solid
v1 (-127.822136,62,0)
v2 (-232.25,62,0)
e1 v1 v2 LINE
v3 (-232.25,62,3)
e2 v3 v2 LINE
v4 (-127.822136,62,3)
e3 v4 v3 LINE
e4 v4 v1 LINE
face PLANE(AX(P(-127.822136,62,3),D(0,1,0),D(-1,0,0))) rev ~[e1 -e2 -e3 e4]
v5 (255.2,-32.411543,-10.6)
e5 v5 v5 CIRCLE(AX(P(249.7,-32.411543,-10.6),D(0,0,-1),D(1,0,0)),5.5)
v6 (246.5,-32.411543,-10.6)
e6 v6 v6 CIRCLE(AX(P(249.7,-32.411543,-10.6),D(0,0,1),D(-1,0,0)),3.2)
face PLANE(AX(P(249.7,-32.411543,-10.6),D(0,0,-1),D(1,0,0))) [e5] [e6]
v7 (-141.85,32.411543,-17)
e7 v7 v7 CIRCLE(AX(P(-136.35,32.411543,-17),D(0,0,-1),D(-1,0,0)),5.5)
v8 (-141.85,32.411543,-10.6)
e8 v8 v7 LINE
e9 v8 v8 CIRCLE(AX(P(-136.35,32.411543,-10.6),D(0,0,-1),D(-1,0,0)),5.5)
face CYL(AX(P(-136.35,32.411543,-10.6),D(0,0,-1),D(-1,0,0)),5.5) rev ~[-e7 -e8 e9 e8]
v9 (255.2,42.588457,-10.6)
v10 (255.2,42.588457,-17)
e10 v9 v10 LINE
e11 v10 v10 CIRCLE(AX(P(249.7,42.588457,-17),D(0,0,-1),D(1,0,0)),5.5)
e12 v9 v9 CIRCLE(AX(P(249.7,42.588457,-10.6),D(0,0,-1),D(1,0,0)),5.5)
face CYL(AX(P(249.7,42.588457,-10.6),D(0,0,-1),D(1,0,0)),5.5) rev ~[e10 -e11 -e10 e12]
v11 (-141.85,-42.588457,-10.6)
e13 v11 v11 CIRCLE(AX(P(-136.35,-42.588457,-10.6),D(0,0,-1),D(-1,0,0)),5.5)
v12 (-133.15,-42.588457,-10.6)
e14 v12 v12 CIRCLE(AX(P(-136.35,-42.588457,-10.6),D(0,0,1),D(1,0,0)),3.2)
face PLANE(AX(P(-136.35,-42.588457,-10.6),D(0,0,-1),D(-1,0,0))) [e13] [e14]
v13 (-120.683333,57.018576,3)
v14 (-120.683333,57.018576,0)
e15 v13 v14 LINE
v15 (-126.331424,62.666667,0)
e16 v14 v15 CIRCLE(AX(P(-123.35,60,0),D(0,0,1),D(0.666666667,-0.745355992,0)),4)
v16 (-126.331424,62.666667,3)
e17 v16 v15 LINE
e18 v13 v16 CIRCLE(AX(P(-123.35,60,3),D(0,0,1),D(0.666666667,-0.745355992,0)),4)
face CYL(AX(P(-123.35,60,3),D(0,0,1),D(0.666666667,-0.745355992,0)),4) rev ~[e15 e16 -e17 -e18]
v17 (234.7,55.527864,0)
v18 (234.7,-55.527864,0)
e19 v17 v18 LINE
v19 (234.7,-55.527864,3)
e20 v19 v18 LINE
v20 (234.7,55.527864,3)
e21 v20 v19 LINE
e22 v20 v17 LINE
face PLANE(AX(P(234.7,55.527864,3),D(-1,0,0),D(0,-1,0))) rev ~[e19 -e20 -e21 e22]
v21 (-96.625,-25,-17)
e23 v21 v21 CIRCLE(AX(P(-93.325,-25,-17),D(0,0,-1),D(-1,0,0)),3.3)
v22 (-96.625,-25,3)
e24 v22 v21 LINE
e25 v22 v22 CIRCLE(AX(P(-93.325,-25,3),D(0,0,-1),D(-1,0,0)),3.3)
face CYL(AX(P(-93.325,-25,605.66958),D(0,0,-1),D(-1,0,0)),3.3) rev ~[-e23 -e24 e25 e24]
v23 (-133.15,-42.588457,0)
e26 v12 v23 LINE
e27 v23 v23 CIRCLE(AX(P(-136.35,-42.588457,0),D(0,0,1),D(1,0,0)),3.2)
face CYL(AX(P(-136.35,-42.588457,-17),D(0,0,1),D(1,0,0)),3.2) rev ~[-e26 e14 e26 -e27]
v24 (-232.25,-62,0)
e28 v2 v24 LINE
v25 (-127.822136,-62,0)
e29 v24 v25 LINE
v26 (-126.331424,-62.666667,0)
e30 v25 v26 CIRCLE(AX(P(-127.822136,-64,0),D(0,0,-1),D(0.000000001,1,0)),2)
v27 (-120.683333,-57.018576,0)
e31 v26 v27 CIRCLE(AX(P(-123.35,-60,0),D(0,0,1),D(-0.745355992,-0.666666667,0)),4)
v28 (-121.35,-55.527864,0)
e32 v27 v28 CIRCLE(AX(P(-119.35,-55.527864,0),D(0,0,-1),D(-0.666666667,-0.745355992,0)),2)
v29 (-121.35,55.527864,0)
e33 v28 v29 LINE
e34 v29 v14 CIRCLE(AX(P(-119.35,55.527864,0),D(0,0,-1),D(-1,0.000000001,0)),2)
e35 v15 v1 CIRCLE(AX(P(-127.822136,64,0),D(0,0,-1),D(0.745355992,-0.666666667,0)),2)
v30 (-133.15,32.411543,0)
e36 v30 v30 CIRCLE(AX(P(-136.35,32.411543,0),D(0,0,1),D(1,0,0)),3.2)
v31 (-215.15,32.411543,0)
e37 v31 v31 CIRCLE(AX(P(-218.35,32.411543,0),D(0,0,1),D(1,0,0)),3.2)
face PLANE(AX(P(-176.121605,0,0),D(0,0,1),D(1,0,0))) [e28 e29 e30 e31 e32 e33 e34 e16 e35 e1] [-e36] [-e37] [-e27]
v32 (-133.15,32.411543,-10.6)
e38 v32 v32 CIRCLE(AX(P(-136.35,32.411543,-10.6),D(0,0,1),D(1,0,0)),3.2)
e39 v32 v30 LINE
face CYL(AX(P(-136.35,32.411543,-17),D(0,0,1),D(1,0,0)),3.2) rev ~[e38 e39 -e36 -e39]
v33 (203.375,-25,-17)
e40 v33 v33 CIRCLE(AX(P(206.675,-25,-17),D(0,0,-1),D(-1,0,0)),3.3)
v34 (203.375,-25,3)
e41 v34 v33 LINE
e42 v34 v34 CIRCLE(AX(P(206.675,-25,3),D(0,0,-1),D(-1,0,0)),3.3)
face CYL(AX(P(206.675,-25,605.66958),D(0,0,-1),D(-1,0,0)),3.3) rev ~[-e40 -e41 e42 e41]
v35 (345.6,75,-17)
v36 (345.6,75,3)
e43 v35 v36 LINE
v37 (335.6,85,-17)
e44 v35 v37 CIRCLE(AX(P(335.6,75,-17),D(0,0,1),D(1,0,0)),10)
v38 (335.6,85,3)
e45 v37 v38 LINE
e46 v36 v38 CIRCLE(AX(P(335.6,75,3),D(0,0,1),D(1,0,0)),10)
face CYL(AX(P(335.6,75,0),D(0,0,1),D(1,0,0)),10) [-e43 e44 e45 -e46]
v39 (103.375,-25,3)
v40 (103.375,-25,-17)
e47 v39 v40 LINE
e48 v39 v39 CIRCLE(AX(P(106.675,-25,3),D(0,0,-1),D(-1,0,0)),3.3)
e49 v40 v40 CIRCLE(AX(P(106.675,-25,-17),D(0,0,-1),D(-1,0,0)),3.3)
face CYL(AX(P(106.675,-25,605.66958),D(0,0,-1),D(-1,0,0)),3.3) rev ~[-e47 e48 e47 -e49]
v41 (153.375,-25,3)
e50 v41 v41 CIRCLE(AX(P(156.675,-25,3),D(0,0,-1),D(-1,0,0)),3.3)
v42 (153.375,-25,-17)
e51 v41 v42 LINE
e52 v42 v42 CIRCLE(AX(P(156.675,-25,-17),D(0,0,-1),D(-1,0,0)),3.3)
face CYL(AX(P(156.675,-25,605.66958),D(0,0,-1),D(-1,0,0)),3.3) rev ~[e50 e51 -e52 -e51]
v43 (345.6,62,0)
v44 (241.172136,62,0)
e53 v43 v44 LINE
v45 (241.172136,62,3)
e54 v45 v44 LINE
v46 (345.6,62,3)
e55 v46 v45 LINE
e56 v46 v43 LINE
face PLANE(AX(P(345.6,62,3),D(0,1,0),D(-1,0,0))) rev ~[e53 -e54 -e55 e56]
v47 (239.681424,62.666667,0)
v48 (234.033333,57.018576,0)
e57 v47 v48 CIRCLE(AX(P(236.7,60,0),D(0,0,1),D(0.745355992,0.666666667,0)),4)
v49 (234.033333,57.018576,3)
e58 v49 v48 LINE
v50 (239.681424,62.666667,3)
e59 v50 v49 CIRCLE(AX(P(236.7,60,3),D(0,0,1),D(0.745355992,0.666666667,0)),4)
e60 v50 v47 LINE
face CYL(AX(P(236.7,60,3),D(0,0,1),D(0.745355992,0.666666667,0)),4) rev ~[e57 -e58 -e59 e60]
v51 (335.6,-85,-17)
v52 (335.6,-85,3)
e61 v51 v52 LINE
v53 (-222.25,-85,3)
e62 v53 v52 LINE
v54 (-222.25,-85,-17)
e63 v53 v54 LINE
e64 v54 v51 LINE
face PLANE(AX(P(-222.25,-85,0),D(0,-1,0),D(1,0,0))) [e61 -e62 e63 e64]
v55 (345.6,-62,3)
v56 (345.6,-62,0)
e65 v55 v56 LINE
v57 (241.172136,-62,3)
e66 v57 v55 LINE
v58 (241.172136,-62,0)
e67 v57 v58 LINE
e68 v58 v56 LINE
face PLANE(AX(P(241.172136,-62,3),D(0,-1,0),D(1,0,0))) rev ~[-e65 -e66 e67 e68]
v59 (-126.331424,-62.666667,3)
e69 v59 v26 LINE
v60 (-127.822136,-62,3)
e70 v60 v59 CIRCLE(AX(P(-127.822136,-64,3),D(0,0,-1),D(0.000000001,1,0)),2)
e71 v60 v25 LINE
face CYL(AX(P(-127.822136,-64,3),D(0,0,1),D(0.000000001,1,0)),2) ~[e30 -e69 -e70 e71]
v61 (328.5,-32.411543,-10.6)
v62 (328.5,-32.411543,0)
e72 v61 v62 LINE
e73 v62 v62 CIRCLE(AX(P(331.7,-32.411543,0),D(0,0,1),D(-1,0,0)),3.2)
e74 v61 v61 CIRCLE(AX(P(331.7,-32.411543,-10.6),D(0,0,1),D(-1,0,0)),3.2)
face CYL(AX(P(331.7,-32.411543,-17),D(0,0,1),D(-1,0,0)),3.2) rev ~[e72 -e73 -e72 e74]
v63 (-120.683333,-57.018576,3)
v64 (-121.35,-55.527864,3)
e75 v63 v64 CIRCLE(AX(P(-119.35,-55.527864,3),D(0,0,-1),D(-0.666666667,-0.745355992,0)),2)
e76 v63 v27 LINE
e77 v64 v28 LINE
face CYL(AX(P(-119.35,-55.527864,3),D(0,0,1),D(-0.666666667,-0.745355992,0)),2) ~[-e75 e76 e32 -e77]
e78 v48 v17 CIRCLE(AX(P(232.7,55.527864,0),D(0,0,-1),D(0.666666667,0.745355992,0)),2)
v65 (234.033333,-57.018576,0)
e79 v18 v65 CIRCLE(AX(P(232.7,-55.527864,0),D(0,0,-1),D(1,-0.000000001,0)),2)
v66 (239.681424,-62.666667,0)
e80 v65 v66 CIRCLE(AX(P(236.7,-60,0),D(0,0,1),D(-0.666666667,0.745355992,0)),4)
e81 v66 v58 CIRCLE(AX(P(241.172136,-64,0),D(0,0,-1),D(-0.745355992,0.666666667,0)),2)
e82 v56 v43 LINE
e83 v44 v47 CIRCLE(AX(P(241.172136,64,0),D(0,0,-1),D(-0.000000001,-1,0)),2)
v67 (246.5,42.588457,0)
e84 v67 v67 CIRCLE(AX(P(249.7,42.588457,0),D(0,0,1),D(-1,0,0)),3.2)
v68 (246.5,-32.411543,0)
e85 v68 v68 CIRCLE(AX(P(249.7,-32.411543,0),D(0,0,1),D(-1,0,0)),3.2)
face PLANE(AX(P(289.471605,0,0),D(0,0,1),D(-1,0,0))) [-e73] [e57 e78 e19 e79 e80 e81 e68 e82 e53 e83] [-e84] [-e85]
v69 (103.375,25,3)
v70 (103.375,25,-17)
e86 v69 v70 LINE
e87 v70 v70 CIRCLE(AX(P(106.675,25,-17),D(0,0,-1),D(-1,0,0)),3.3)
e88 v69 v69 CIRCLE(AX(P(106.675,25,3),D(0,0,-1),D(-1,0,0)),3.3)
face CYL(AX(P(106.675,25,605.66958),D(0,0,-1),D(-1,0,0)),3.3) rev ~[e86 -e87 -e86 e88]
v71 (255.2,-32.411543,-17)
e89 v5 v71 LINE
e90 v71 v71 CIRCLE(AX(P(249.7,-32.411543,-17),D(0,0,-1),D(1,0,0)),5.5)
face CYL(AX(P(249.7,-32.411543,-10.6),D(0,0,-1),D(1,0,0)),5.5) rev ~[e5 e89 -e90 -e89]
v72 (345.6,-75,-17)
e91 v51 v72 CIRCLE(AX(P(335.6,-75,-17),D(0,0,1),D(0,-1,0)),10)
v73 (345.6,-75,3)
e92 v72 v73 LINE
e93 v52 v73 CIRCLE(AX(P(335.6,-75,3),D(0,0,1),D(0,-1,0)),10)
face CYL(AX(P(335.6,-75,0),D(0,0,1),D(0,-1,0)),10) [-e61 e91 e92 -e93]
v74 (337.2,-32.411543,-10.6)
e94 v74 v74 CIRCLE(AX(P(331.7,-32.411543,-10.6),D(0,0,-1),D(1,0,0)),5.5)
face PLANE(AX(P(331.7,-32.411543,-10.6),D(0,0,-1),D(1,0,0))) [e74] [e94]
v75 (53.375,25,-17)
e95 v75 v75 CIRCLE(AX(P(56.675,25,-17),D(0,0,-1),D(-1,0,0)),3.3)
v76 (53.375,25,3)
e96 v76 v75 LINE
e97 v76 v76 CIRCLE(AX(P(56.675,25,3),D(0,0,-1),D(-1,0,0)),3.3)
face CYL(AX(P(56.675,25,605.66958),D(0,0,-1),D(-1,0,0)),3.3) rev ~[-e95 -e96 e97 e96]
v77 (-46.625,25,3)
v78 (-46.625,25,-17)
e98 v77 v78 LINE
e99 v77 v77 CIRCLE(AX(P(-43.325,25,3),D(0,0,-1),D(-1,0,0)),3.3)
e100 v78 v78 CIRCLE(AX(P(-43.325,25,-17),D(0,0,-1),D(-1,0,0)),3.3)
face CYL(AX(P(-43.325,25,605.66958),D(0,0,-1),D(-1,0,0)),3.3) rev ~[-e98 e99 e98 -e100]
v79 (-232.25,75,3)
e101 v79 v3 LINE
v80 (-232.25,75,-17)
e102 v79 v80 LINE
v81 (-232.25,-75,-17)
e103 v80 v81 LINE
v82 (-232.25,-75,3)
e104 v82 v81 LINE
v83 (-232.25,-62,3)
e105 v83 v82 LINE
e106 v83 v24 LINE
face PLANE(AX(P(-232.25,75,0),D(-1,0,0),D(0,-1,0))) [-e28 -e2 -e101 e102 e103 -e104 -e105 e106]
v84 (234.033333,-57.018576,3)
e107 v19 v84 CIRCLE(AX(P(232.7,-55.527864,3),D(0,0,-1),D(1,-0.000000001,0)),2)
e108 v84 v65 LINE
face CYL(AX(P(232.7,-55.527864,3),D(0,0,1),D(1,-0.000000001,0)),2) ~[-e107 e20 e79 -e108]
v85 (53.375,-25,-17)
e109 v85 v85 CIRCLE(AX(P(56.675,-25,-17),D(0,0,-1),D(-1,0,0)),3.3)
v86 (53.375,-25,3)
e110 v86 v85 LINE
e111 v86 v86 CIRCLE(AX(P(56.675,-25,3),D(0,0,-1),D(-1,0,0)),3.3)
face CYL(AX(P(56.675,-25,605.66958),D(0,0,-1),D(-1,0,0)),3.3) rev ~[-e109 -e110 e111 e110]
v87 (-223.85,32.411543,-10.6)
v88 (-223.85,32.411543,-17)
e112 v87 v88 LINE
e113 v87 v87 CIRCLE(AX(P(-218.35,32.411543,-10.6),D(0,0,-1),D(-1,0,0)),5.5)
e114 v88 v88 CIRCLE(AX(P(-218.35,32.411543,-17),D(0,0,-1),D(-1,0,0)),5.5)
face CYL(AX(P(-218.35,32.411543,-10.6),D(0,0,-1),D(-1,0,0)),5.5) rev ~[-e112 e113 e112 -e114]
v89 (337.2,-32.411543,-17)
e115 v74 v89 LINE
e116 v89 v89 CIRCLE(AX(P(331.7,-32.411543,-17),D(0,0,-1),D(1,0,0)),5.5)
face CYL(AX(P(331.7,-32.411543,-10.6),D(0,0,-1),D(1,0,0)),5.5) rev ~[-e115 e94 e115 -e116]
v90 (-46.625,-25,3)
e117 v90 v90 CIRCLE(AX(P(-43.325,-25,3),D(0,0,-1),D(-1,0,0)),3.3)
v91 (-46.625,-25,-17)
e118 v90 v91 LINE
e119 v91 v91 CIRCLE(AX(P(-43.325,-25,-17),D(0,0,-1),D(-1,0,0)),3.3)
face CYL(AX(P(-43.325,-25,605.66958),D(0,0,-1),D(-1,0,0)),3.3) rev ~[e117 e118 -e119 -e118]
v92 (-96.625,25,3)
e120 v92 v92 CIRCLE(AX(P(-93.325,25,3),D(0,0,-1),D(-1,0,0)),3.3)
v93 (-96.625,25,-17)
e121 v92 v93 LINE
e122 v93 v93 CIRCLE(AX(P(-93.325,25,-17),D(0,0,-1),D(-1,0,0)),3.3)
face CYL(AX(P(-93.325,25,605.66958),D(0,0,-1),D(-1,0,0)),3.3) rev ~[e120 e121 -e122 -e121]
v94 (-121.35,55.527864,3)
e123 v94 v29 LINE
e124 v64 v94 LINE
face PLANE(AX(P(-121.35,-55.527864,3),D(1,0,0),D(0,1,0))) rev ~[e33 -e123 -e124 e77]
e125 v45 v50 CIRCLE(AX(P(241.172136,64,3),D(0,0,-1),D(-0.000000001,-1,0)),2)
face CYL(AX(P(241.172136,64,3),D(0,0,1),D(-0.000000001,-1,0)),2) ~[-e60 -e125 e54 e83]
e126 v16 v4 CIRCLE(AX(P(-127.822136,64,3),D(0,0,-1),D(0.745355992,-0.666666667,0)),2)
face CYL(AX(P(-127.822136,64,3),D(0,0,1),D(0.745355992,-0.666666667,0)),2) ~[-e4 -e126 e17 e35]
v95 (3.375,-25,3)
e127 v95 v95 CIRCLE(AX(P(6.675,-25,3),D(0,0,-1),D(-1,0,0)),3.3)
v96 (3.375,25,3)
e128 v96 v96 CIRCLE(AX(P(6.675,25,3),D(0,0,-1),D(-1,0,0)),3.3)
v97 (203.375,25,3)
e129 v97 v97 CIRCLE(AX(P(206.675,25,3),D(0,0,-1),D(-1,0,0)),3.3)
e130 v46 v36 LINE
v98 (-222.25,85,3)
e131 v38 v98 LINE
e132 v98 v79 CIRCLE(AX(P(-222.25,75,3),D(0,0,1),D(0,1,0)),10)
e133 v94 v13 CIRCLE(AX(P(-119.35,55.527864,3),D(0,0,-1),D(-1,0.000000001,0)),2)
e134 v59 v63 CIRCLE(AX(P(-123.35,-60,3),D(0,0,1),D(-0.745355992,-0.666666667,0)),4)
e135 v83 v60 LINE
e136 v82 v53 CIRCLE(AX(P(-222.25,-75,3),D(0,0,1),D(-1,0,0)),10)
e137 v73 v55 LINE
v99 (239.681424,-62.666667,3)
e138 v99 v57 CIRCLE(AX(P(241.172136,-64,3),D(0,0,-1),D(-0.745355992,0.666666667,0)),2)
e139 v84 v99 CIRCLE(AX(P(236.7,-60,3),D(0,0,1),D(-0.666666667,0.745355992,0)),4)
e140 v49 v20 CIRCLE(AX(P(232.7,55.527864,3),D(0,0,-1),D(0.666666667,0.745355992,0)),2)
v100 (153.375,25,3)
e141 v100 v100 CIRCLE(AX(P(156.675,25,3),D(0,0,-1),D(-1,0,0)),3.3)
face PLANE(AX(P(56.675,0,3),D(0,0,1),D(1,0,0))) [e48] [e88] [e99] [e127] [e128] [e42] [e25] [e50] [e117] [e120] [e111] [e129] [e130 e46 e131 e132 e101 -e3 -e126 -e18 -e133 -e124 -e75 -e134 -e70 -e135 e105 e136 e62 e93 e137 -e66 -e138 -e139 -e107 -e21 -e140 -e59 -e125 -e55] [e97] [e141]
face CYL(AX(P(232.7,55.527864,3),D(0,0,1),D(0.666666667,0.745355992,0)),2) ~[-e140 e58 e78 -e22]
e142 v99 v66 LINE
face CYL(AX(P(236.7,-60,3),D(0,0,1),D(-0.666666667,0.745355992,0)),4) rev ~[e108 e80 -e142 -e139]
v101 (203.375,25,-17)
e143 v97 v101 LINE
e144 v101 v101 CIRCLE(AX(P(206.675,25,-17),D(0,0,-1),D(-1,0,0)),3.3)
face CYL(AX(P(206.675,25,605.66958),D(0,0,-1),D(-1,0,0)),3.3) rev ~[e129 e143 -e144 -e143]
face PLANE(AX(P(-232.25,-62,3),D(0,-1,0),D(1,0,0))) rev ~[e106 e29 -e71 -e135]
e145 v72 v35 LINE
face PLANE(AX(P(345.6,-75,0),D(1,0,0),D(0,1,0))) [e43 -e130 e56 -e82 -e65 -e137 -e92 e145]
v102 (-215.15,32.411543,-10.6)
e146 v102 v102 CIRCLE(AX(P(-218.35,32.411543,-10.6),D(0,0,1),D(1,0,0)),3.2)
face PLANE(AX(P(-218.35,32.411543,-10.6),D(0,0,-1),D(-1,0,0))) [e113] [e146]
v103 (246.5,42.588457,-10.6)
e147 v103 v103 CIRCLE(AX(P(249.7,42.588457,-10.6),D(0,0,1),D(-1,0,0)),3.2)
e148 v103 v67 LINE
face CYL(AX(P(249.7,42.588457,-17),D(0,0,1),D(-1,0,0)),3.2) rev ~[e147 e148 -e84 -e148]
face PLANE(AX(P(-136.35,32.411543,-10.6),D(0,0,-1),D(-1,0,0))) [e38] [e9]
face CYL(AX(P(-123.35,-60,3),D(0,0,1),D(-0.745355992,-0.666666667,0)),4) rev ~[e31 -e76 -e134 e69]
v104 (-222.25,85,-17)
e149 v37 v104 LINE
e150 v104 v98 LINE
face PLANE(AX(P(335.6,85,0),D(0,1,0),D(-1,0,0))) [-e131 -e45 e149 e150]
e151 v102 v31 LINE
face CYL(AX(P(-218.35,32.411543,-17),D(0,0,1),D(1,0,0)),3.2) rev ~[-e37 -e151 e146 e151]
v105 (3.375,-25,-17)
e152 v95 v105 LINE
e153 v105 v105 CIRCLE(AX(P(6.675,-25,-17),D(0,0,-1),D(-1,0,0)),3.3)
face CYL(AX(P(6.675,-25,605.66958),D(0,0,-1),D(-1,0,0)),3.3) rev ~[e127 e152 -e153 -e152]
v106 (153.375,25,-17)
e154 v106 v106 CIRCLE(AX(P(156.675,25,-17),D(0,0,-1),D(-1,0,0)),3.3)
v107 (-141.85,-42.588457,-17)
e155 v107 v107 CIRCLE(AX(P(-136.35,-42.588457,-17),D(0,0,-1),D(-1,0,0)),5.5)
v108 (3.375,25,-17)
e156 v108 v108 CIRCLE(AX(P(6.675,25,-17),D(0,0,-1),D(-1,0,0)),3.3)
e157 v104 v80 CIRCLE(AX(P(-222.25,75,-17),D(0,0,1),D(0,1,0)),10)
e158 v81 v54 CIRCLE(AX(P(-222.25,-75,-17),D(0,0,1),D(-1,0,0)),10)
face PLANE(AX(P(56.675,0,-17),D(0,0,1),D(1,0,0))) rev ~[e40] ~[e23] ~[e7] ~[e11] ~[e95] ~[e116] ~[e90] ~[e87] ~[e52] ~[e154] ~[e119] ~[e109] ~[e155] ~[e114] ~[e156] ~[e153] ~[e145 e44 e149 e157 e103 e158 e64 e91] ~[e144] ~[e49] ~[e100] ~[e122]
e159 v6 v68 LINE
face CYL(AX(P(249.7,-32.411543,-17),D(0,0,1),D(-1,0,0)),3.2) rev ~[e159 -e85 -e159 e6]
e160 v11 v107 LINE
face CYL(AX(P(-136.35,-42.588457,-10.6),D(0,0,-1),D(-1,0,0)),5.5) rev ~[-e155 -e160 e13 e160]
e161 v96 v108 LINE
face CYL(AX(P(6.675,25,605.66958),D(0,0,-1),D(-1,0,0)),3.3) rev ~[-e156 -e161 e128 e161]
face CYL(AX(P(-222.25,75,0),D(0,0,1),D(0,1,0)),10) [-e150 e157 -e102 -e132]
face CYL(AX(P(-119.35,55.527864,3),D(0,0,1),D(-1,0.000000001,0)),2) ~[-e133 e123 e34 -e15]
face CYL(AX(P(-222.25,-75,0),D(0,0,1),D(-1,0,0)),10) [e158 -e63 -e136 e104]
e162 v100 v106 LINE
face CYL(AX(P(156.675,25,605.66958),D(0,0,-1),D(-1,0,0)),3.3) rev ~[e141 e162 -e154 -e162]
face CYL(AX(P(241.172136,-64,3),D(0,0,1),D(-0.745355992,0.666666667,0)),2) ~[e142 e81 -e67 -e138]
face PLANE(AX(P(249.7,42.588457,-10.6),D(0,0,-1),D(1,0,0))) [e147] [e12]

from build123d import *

# Parameters (mm, degrees)
ESTRUSIONE_ESTRUSIONE1_DEPTH                         = 3
ESTRUSIONE_ESTRUSIONE1_DEPTH_BACK                    = 17
TAGLIO_ESTRUSIONE1_DEPTH                             = 3
FORO_LAMATO_PER_VITE_M6_A_TESTA_CILINDRI_D           = 6.4
FORO_LAMATO_PER_VITE_M6_A_TESTA_CILINDRI_CBORE_D     = 11
FORO_LAMATO_PER_VITE_M6_A_TESTA_CILINDRI_CBORE_DEPTH = 6.4
RIPETIZIONECIRCOLARE1_COUNT                          = 2
FORO_PER_VITE_M6_1_D                                 = 6.6


with BuildPart() as part:
    # Schizzo2 → Estrusione-Estrusione1 (new body, two sides)
    with BuildSketch(Plane.XY) as estrusione_estrusione1_sk:
        with BuildLine():
            Line((-222.25, -85), (335.6, -85))
            ThreePointArc((335.6, -85), (342.671067812, -82.071067812), (345.6, -75))
            Line((345.6, -75), (345.6, 75))
            ThreePointArc((345.6, 75), (342.671067812, 82.071067812), (335.6, 85))
            Line((335.6, 85), (-222.25, 85))
            ThreePointArc((-222.25, 85), (-229.321067812, 82.071067812), (-232.25, 75))
            Line((-232.25, 75), (-232.25, -75))
            ThreePointArc((-232.25, -75), (-229.321067812, -82.071067812), (-222.25, -85))
        make_face()
    extrude(amount=ESTRUSIONE_ESTRUSIONE1_DEPTH)
    extrude(estrusione_estrusione1_sk.sketch, amount=-ESTRUSIONE_ESTRUSIONE1_DEPTH_BACK)

    # Schizzo3 → Taglio-Estrusione1 (cut)
    with BuildSketch(Plane.XY.offset(3)):
        with BuildLine():
            Line((-127.822135955, 62), (-232.25, 62))
            Line((-232.25, 62), (-232.25, -62))
            Line((-232.25, -62), (-127.822135955, -62))
            ThreePointArc((-127.822135955, -62), (-127.005639374, -62.174258142), (-126.33142397, -62.666666667))
            ThreePointArc((-126.33142397, -62.666666667), (-120.521572875, -62.828427125), (-120.683333333, -57.01857603))
            ThreePointArc((-120.683333333, -57.01857603), (-121.175741858, -56.344360626), (-121.35, -55.527864045))
            Line((-121.35, -55.527864045), (-121.35, 55.527864045))
            ThreePointArc((-121.35, 55.527864045), (-121.175741858, 56.344360626), (-120.683333333, 57.01857603))
            ThreePointArc((-120.683333333, 57.01857603), (-120.521572875, 62.828427125), (-126.33142397, 62.666666667))
            ThreePointArc((-126.33142397, 62.666666667), (-127.005639374, 62.174258142), (-127.822135955, 62))
        make_face()
    taglio_estrusione1 = extrude(amount=-TAGLIO_ESTRUSIONE1_DEPTH, mode=Mode.SUBTRACT)

    # Foro lamato per Vite M6 a testa cilindri (through all)
    with Locations(Plane(origin=(0, 0, -17), x_dir=(-1, 0, 0), z_dir=(0, 0, -1))):
        with Locations((136.35, -42.588457268), (136.35, 32.411542732), (218.35, 32.411542732)):
            foro_lamato_per_vite_m6_a_testa_cilindri = CounterBoreHole(FORO_LAMATO_PER_VITE_M6_A_TESTA_CILINDRI_D / 2, FORO_LAMATO_PER_VITE_M6_A_TESTA_CILINDRI_CBORE_D / 2, FORO_LAMATO_PER_VITE_M6_A_TESTA_CILINDRI_CBORE_DEPTH)

    # RipetizioneCircolare1: Taglio-Estrusione1, Foro lamato per Vite M6 a testa cilindri ×2 about axis
    ripetizionecircolare1_axis = Axis((56.675, 0, 0), (0, 0, 1))
    add([taglio_estrusione1.rotate(ripetizionecircolare1_axis, i * 360 / RIPETIZIONECIRCOLARE1_COUNT) for i in range(1, RIPETIZIONECIRCOLARE1_COUNT)], mode=Mode.SUBTRACT)
    add([foro_lamato_per_vite_m6_a_testa_cilindri.rotate(ripetizionecircolare1_axis, i * 360 / RIPETIZIONECIRCOLARE1_COUNT) for i in range(1, RIPETIZIONECIRCOLARE1_COUNT)], mode=Mode.SUBTRACT)

    # Foro per Vite M6-1 (through all)
    with Locations(Plane.XY.offset(3)):
        with Locations((-93.325, 25), (206.675, -25), (-93.325, -25), (206.675, 25), (56.675, 25), (56.675, -25), (-43.325, 25), (-43.325, -25), (6.675, -25), (6.675, 25), (106.675, -25), (106.675, 25), (156.675, 25), (156.675, -25)):
            Hole(FORO_PER_VITE_M6_1_D / 2)


solid = part.part
